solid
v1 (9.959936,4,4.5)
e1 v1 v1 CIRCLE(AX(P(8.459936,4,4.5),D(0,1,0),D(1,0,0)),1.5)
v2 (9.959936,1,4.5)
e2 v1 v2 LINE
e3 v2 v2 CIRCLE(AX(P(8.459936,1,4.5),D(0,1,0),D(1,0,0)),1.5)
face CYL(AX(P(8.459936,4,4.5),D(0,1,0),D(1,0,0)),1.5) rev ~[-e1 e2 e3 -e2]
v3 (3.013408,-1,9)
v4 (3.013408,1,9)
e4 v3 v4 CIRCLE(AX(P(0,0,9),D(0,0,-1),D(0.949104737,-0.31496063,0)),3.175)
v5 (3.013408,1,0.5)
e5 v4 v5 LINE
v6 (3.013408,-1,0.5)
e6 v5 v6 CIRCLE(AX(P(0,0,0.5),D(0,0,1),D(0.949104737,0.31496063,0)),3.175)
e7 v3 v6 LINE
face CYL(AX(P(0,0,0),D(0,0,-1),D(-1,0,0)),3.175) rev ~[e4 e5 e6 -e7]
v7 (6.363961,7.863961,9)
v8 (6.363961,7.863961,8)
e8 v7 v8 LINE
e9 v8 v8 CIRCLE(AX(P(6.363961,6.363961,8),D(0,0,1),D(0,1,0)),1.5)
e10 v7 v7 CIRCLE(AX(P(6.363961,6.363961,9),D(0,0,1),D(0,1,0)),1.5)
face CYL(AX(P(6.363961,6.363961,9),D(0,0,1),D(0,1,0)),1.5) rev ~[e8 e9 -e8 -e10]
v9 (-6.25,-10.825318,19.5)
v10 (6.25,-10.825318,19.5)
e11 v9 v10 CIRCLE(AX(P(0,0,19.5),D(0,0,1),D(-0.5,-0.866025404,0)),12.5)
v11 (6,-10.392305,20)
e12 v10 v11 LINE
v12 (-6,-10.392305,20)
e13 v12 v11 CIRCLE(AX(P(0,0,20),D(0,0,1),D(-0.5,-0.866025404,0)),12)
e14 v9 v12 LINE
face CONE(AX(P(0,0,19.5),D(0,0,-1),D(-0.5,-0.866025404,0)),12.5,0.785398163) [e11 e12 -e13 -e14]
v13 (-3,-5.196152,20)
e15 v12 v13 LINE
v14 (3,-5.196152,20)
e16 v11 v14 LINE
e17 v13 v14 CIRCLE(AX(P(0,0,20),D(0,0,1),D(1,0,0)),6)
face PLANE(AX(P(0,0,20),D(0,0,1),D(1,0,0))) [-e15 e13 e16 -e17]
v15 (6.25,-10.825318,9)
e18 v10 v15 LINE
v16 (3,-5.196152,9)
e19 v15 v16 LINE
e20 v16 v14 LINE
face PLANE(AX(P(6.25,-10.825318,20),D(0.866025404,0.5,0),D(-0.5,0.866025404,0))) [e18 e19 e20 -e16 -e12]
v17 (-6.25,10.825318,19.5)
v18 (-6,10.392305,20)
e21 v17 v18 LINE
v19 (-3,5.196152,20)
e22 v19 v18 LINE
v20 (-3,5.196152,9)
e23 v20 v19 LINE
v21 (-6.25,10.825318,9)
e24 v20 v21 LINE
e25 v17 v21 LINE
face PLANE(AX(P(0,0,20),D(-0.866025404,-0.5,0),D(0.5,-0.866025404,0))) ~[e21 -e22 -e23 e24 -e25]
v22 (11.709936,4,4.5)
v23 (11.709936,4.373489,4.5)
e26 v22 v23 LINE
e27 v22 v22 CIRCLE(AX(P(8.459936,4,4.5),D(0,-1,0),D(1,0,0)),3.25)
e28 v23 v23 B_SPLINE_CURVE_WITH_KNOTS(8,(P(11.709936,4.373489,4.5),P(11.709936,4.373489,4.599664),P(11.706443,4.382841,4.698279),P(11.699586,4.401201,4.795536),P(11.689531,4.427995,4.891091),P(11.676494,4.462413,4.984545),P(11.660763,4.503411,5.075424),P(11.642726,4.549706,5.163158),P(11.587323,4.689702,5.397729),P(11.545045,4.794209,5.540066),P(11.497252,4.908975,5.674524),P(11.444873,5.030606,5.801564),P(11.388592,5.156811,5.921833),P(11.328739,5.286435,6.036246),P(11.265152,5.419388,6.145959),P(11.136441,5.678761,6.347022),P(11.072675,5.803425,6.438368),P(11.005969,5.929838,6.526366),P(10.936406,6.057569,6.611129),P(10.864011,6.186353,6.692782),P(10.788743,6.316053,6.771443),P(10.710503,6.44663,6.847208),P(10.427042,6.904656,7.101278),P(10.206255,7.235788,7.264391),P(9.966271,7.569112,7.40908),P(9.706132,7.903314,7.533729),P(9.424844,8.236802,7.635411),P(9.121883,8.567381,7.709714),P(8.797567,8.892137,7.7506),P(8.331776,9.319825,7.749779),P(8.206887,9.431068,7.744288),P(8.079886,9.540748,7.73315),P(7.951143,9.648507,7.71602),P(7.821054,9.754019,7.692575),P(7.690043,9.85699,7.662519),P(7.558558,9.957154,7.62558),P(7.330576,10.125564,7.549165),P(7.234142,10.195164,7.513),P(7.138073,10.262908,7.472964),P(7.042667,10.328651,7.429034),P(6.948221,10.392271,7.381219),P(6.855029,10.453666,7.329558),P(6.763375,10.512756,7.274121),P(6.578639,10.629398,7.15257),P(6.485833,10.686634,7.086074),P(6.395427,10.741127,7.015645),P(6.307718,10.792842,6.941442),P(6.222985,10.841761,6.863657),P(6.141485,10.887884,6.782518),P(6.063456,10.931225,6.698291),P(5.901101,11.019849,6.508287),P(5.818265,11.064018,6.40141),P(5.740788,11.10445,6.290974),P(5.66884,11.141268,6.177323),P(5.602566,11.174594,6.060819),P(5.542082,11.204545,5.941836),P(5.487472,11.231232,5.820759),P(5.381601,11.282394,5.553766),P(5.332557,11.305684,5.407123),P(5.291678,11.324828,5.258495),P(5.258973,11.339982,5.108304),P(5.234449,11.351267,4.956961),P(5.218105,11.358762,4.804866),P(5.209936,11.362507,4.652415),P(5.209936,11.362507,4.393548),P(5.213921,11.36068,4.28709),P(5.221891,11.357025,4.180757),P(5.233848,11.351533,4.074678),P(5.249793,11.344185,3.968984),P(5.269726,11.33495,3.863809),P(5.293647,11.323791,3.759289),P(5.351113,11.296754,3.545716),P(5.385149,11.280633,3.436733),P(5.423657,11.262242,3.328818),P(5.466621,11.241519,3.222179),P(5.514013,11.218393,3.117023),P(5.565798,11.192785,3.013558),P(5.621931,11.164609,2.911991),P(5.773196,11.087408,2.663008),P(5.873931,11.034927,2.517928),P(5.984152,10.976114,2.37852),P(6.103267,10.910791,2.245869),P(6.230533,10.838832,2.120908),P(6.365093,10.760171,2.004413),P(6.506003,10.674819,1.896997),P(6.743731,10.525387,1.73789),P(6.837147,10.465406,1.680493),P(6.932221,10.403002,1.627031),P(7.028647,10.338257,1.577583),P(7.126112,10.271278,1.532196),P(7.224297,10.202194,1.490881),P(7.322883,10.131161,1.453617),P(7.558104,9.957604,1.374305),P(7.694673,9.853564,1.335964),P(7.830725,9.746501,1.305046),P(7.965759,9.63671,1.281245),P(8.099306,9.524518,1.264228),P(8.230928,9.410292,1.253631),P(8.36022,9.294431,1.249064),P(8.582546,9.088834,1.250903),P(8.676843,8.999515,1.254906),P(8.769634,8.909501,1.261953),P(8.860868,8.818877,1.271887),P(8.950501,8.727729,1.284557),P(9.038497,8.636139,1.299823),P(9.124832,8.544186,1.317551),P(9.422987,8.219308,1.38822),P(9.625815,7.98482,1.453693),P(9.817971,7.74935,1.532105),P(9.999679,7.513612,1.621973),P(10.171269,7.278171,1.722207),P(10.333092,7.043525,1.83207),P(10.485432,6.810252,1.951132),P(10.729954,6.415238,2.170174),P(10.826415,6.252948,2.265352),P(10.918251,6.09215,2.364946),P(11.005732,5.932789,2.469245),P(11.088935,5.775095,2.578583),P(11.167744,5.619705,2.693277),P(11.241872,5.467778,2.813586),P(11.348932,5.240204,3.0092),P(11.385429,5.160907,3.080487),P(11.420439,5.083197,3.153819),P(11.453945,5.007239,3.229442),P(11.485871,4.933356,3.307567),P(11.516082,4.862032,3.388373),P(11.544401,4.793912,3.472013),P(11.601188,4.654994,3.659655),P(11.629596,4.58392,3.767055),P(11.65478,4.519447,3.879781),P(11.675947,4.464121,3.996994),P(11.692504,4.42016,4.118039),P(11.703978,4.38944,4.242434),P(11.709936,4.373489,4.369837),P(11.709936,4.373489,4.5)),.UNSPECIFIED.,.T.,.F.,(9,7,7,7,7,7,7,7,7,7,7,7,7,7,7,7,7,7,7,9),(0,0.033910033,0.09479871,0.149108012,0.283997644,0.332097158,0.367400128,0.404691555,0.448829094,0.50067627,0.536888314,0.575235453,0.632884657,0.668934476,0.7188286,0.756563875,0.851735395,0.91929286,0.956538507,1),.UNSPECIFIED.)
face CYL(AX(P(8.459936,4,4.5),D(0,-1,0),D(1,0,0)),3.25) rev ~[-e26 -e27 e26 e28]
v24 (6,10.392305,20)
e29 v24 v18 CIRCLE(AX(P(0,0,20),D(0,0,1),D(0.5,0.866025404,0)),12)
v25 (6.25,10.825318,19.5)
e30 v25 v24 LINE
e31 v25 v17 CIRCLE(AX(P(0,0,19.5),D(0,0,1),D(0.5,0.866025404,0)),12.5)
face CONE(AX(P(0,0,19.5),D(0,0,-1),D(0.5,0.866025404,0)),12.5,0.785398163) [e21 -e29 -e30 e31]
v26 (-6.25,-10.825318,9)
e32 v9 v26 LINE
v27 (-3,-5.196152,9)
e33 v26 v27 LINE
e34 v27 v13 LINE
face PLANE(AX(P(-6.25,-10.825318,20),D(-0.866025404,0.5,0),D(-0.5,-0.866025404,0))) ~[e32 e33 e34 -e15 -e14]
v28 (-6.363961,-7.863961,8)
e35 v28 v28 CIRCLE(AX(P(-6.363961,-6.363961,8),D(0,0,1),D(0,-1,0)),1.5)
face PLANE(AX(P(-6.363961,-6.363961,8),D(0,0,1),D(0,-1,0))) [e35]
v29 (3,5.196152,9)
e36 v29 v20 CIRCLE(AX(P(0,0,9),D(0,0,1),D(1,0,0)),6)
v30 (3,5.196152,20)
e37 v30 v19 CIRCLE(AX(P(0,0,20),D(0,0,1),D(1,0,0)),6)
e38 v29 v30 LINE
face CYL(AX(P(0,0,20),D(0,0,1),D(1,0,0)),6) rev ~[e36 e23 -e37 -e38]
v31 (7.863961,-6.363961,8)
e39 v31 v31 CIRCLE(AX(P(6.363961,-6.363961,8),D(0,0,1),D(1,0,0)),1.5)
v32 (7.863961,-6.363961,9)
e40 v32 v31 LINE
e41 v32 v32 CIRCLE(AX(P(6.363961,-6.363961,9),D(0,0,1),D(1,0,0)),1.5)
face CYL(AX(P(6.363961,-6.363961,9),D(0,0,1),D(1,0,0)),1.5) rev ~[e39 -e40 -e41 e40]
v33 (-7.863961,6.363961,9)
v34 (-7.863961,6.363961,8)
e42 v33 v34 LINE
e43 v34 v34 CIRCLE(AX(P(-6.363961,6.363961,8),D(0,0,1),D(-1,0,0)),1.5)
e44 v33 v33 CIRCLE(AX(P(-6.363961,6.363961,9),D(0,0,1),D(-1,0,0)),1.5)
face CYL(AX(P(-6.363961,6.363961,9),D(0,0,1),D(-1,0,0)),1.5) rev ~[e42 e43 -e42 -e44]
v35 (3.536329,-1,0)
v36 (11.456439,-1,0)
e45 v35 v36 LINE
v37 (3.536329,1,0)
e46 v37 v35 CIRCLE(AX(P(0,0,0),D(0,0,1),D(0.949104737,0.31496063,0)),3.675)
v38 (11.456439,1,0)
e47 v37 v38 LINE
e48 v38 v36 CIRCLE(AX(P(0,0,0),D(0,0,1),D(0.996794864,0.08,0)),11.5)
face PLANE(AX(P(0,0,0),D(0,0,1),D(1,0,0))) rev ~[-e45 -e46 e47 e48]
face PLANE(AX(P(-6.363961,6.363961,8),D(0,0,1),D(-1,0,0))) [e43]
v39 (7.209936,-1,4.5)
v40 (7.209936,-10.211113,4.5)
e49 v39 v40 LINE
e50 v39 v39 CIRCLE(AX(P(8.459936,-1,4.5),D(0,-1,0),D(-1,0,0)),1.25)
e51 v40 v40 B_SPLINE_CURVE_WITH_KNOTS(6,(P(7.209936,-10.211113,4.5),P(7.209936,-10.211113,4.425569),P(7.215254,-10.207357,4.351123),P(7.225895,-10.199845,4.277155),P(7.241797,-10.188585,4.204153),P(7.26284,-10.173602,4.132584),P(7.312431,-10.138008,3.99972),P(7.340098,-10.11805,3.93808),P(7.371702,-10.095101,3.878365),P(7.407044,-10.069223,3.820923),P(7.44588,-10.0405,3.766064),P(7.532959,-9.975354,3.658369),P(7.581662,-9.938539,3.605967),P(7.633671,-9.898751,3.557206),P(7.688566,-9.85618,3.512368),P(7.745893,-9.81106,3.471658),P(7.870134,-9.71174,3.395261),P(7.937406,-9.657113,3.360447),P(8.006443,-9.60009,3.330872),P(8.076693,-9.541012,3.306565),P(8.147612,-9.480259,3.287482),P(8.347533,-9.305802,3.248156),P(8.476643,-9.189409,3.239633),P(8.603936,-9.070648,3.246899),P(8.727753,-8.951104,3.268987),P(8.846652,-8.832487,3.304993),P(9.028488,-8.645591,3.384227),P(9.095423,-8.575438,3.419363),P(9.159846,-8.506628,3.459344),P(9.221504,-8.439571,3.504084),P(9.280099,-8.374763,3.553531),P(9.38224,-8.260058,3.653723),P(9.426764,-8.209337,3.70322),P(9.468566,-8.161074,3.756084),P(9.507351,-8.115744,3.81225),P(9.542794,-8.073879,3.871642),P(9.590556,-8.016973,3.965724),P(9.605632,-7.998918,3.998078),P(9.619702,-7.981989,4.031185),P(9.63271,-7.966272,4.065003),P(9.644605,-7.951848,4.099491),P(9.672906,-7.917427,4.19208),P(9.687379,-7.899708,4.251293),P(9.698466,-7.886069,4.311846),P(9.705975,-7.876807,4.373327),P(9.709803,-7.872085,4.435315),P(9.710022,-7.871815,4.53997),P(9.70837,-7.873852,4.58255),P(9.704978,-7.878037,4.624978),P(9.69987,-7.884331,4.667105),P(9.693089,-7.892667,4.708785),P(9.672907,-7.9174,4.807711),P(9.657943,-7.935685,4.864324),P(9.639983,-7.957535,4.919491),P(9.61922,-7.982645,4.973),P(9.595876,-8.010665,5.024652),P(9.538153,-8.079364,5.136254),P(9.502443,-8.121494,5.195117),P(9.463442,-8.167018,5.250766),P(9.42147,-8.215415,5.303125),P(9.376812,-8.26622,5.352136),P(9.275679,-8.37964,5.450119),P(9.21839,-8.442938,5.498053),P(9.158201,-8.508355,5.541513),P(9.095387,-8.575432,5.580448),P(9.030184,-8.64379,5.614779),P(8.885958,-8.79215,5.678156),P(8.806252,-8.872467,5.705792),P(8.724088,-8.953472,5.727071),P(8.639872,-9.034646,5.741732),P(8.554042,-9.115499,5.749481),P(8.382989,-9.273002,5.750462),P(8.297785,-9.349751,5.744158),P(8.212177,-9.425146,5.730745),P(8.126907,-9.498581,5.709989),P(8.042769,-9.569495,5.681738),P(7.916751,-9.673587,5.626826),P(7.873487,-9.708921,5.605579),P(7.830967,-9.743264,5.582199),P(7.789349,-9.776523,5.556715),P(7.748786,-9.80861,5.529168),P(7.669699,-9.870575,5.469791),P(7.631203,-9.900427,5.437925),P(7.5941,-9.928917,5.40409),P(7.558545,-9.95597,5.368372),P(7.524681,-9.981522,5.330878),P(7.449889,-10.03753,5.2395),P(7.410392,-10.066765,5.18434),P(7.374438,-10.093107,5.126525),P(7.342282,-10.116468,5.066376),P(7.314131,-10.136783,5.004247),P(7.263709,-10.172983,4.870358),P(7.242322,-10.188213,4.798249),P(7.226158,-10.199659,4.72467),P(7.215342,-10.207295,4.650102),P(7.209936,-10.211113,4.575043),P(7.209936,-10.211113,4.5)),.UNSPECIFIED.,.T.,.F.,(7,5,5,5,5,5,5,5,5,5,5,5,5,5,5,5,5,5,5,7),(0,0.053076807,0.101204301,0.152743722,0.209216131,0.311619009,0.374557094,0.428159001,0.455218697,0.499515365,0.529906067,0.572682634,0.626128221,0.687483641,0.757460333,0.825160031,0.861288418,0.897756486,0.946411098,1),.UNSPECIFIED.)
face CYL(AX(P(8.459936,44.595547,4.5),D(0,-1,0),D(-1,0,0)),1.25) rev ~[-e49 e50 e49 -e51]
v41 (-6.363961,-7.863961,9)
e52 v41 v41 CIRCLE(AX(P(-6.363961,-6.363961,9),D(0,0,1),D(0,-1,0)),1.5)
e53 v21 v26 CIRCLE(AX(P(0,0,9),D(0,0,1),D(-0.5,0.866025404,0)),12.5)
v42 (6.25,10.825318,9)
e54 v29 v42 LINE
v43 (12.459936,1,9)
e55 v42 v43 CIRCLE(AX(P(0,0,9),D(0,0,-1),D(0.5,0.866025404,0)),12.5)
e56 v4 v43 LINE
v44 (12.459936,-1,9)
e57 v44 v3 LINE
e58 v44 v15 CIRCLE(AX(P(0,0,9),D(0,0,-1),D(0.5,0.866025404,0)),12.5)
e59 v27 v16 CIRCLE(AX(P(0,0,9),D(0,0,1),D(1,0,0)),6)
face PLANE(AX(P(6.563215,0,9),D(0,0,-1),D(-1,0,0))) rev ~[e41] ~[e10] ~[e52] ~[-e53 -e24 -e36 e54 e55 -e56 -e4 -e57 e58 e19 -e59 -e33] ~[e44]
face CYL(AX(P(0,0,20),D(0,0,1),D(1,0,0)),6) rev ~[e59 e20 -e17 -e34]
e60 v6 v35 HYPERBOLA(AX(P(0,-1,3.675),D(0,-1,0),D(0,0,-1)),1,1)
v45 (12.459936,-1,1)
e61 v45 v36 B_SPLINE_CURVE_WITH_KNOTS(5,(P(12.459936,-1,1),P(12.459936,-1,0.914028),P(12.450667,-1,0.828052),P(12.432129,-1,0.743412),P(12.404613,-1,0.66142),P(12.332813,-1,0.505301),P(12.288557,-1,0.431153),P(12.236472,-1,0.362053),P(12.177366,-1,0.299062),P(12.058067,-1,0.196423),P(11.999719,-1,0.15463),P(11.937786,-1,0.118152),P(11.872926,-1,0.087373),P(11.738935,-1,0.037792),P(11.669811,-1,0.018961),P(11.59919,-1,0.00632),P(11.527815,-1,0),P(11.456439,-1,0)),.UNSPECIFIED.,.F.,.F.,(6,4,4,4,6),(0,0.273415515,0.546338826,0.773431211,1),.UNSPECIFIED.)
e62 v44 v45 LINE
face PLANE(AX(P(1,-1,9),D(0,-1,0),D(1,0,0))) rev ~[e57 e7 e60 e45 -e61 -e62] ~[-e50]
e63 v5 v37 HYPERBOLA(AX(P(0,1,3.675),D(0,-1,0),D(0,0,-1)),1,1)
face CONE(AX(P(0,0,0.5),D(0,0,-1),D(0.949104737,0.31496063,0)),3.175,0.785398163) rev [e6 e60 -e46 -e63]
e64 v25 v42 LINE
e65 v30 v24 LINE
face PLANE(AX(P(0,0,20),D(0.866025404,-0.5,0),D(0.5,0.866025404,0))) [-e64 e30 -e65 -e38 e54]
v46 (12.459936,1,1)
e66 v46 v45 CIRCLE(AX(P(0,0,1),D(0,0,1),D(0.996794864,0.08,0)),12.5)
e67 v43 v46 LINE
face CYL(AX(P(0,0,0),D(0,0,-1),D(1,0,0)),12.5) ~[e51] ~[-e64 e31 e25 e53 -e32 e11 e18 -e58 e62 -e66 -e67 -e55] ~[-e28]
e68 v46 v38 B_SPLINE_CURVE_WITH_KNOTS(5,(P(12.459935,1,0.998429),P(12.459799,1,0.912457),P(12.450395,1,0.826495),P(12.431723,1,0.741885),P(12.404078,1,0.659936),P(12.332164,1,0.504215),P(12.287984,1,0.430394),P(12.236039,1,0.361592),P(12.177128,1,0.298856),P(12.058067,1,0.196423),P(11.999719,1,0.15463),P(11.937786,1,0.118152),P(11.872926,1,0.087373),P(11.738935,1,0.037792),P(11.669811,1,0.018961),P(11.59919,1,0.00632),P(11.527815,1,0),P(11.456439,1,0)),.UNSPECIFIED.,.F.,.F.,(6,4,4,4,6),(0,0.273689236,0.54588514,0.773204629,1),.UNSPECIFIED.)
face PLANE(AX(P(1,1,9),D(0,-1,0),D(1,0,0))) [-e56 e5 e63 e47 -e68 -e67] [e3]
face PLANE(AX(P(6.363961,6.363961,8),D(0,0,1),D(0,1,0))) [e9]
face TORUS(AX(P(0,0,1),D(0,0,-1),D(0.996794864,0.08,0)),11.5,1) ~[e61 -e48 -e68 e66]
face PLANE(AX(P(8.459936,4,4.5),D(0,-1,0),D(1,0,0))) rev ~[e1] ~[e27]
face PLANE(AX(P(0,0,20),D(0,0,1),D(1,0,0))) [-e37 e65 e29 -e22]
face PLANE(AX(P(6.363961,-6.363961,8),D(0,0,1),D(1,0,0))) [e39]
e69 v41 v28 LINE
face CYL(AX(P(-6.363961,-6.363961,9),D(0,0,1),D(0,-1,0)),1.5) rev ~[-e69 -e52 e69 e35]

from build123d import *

# Parameters (mm, degrees)
ESBO_O1_R                 = 12.5
RESSALTO_EXTRUS_O1_DEPTH  = 20
CORTE_EXTRUS_O3_DEPTH     = 11
ESBO_O3_R                 = 3.175
CORTE_EXTRUS_O4_DEPTH     = 21
ESBO_O6_W                 = 12
ESBO_O6_H                 = 2
CORTE_EXTRUS_O5_DEPTH     = 10
CORTE_EXTRUS_O6_START     = -3
ESBO_O7_R                 = 3.25
CORTE_EXTRUS_O6_DEPTH     = 9.5
FURO_ROSCADO_DE_M3X0_51_D = 2.5
FILETE1_R                 = 1
ESBO_O10_R                = 1.5
CORTE_EXTRUS_O7_DEPTH     = 1
CHANFRO1_SIZE             = 0.5
CORTE_EXTRUS_O8_REACH     = 18.5
ESBO_O11_R                = 1.5
ESBO_O12_R                = 6
CORTE_EXTRUS_O9_DEPTH     = 11
PADR_OCIRCULAR1_COUNT     = 4
CHANFRO2_SIZE             = 0.5


with BuildPart() as part:
    # Esboço1 → Ressalto-extrusão1 (new body)
    with BuildSketch(Plane.XY):
        Circle(ESBO_O1_R)
    extrude(amount=RESSALTO_EXTRUS_O1_DEPTH)

    # Esboço2 → Corte-extrusão3 (cut)
    with BuildSketch(Plane.XY.offset(20)):
        with BuildLine():
            Line((0, 0), (6.25, 10.825317547))
            ThreePointArc((6.25, 10.825317547), (12.5, 0), (6.25, -10.825317547))
            Line((6.25, -10.825317547), (0, 0))
        make_face()
    corte_extrus_o3 = extrude(amount=-CORTE_EXTRUS_O3_DEPTH, mode=Mode.SUBTRACT)

    # Esboço3 → Corte-extrusão4 (cut, through all)
    with BuildSketch(Plane(origin=(0, 0, 0), x_dir=(-1, 0, 0), z_dir=(0, 0, -1))):
        Circle(ESBO_O3_R)
    extrude(amount=-CORTE_EXTRUS_O4_DEPTH, mode=Mode.SUBTRACT)

    # Espelhar1: Corte-extrusão3 across plane
    add(corte_extrus_o3.mirror(Plane(origin=(0, 0, 0), x_dir=(0, 0, 1), z_dir=(1, 0, 0))), mode=Mode.SUBTRACT)

    # Esboço6 → Corte-extrusão5 (cut, through all)
    with BuildSketch(Plane.XY.offset(9)):
        with Locations((7, 0)):
            Rectangle(ESBO_O6_W, ESBO_O6_H)
    extrude(amount=-CORTE_EXTRUS_O5_DEPTH, mode=Mode.SUBTRACT)

    # Esboço7 → Corte-extrusão6 (cut, through all)
    with BuildSketch(Plane.XZ.offset(-1).offset(CORTE_EXTRUS_O6_START)):
        with Locations((8.459935794, 4.5)):
            Circle(ESBO_O7_R)
    extrude(amount=-CORTE_EXTRUS_O6_DEPTH, mode=Mode.SUBTRACT)

    # Furo roscado de M3x0.51 (through all)
    with Locations(Plane(origin=(0, 4, 0), x_dir=(1, 0, 0), z_dir=(0, 1, 0))):
        with Locations((8.459935794, -4.5)):
            Hole(FURO_ROSCADO_DE_M3X0_51_D / 2)

    # Filete1
    filete1_edges = [part.edges().sort_by_distance(p)[0] for p in [
        (-12.5, 0, 0),
    ]]
    fillet(filete1_edges, radius=FILETE1_R)

    # Esboço10 → Corte-extrusão7 (cut)
    with BuildSketch(Plane.XY.offset(9)):
        with Locations((6.363961031, -6.363961031)):
            Circle(ESBO_O10_R)
    corte_extrus_o7 = extrude(amount=-CORTE_EXTRUS_O7_DEPTH, mode=Mode.SUBTRACT)

    # Chanfro1
    chanfro1_edges = [part.edges().sort_by_distance(p)[0] for p in [
        (0, -12.5, 20),
        (0, 12.5, 20),
    ]]
    chamfer(chanfro1_edges, length=CHANFRO1_SIZE)

    # Esboço11 → Corte-extrusão8 (cut, up to next)
    with BuildSketch(Plane(origin=(0, 4, 0), x_dir=(1, 0, 0), z_dir=(0, 1, 0)), mode=Mode.PRIVATE) as corte_extrus_o8_sk1:
        with Locations((8.459935794, -4.5)):
            Circle(ESBO_O11_R)
    corte_extrus_o8_tool1 = extrude(corte_extrus_o8_sk1.sketch, amount=-CORTE_EXTRUS_O8_REACH, mode=Mode.PRIVATE) & part.part
    add(corte_extrus_o8_tool1.solids().sort_by_distance((8.459936, 4, 4.5))[0], mode=Mode.SUBTRACT)

    # Esboço12 → Corte-extrusão9 (cut)
    with BuildSketch(Plane.XY.offset(20)):
        Circle(ESBO_O12_R)
    extrude(amount=-CORTE_EXTRUS_O9_DEPTH, mode=Mode.SUBTRACT)

    # PadrãoCircular1: Corte-extrusão7 ×4 about axis
    padr_ocircular1_axis = Axis((0, 0, 0), (0, 0, 1))
    for i in range(1, PADR_OCIRCULAR1_COUNT):
        add(corte_extrus_o7.rotate(padr_ocircular1_axis, i * 360 / PADR_OCIRCULAR1_COUNT), mode=Mode.SUBTRACT)

    # Chanfro2
    chanfro2_edges = [part.edges().sort_by_distance(p)[0] for p in [
        (-3.175, 0, 0),
    ]]
    chamfer(chanfro2_edges, length=CHANFRO2_SIZE)


solid = part.part
